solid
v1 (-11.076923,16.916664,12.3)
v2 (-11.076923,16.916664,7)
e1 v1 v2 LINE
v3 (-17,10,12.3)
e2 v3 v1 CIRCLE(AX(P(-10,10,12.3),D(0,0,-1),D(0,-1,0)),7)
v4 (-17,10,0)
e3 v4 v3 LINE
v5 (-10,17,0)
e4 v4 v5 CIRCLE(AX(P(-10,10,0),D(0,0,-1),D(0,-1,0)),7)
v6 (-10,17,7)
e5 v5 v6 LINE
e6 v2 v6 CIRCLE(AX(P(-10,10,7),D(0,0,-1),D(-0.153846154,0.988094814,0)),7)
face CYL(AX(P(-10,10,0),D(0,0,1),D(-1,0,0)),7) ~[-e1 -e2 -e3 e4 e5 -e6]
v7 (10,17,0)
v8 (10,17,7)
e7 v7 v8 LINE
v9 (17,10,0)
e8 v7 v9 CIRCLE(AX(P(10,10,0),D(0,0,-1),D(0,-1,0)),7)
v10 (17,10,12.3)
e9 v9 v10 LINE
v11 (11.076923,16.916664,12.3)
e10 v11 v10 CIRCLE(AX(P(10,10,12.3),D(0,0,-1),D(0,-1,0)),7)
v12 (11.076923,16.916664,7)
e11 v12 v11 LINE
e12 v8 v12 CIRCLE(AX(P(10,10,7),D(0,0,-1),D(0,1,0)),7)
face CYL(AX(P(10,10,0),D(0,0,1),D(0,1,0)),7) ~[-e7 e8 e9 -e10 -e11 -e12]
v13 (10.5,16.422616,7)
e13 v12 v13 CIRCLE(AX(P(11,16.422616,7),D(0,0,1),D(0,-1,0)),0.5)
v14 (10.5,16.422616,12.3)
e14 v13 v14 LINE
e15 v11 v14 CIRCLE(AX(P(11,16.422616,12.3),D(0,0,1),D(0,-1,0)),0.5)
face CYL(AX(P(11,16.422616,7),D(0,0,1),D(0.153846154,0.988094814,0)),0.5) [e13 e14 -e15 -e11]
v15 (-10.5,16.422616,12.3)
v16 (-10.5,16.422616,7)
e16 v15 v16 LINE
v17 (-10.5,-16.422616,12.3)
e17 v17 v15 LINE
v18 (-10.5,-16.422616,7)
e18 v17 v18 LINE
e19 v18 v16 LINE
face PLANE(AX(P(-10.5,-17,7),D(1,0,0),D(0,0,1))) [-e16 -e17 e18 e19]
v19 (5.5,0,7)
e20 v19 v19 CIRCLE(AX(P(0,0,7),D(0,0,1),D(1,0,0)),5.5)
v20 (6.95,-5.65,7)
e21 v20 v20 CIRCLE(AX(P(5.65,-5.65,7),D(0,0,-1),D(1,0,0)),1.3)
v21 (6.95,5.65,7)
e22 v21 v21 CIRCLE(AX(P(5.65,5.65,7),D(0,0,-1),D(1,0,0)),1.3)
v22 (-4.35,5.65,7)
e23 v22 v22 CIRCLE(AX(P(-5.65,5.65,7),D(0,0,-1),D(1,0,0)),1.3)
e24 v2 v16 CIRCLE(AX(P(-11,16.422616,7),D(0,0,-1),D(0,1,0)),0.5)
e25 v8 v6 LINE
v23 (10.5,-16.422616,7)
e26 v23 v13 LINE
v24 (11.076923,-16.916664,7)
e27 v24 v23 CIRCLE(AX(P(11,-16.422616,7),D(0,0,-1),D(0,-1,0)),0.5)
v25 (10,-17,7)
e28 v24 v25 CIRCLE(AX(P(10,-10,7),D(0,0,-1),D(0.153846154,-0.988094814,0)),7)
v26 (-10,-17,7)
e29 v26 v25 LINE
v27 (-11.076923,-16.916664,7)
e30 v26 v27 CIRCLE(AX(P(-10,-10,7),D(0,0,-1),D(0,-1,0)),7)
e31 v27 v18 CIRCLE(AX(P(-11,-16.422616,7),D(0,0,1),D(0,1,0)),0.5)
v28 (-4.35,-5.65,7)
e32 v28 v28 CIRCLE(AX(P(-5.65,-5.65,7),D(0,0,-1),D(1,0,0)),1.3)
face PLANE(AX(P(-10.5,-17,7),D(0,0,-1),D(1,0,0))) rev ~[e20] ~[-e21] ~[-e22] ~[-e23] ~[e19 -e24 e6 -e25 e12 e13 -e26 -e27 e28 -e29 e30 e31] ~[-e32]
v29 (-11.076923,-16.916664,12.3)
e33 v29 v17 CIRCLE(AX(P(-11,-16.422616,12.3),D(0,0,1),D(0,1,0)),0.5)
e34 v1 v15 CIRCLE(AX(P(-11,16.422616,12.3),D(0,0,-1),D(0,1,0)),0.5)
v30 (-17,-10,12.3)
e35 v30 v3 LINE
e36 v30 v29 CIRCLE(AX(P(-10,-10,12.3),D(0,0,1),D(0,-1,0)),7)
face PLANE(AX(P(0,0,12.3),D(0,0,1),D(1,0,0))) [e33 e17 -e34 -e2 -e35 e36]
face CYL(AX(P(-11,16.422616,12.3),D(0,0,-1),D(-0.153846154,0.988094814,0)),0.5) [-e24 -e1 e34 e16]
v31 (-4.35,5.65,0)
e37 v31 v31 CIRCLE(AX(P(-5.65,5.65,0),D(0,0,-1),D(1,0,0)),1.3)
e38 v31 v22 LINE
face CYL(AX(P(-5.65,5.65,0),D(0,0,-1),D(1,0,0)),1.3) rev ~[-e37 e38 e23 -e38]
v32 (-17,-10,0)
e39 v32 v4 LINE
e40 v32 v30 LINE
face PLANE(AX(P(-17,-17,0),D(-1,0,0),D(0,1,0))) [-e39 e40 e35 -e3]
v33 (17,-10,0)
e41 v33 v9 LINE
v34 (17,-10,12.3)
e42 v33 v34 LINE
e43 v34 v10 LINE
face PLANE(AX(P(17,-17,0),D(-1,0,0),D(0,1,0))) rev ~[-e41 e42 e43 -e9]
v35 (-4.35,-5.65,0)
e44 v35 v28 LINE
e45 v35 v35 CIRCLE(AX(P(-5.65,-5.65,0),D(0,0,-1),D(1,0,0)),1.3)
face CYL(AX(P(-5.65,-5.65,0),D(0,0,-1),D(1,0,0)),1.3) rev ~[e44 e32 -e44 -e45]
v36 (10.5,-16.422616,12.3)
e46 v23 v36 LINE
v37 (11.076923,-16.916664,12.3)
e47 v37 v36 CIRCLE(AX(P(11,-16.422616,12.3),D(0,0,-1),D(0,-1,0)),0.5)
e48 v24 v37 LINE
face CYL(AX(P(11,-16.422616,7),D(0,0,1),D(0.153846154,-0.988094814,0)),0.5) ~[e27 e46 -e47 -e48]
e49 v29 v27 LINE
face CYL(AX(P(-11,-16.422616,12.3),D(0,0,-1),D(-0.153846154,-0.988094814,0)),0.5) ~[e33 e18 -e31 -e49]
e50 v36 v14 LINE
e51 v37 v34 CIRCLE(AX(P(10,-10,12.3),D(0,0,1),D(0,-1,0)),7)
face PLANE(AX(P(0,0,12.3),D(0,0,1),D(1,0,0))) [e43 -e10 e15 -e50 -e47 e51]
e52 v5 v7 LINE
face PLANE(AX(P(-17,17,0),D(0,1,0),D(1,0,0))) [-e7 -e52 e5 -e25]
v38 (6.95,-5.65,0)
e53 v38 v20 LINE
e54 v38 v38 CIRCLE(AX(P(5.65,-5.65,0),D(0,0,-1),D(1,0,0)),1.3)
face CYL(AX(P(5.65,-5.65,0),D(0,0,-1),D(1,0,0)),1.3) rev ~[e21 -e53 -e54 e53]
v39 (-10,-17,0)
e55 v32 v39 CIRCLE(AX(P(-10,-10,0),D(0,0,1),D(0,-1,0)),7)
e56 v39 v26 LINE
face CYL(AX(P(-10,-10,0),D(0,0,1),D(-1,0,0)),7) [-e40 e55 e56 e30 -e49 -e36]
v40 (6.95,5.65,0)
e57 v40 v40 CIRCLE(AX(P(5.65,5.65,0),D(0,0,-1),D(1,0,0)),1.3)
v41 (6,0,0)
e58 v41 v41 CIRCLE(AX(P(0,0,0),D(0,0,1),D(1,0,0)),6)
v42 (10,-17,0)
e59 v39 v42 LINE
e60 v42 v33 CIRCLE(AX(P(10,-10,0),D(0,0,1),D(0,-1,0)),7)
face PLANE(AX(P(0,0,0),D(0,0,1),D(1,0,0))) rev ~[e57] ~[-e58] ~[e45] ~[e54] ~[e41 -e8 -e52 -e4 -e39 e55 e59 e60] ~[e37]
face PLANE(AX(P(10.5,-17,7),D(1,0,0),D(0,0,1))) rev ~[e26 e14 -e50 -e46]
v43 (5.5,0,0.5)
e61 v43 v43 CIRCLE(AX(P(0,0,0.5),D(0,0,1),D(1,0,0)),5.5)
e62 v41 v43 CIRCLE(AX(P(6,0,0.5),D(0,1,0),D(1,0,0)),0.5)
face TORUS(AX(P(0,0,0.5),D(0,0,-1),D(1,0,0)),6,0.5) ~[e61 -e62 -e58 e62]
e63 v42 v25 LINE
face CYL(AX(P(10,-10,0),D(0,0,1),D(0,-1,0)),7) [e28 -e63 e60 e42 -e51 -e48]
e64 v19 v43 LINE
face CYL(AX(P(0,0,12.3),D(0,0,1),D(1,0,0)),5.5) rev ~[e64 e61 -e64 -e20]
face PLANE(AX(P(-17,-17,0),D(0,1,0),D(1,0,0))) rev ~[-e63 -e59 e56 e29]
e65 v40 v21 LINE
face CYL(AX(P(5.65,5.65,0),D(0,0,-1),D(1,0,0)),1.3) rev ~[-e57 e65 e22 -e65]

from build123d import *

# Parameters (mm, degrees)
F0_W     = 34
F0_H     = 34
F1_DEPTH = 12.3
F2_R     = 5.5
F3_DEPTH = 12.301
F4_R     = 1.3
F5_DEPTH = 12.301
F6_W     = 21
F6_H     = 5.3
F7_DEPTH = 34.001
F8_R     = 7
F9_R     = 0.5


with BuildPart() as f1:
    # F0 (on Top) → F1 (new body)
    with BuildSketch(Plane.XY):
        Rectangle(F0_W, F0_H)
    extrude(amount=F1_DEPTH)

    # F2 (on face) → F3 (cut, through all)
    with BuildSketch(Plane.XY.offset(12.3)):
        Circle(F2_R)
    extrude(amount=-F3_DEPTH, mode=Mode.SUBTRACT)

    # F4 (on face) → F5 (cut, through all)
    with BuildSketch(Plane(origin=(0, 0, 0), x_dir=(1, 0, 0), z_dir=(0, 0, -1))):
        with Locations((-5.65, 5.65)):
            Circle(F4_R)
        with Locations((-5.65, -5.65)):
            Circle(F4_R)
        with Locations((5.65, 5.65)):
            Circle(F4_R)
        with Locations((5.65, -5.65)):
            Circle(F4_R)
    extrude(amount=-F5_DEPTH, mode=Mode.SUBTRACT)

    # F6 (on face) → F7 (cut, through all)
    with BuildSketch(Plane.XZ.offset(17)):
        with Locations((0, 9.65)):
            Rectangle(F6_W, F6_H)
    extrude(amount=-F7_DEPTH, mode=Mode.SUBTRACT)

    # F8
    f8_edges = [f1.edges().sort_by_distance(p)[0] for p in [
        (-17, -17, 6.15),
        (17, -17, 6.15),
        (17, 17, 6.15),
        (-17, 17, 6.15),
    ]]
    fillet(f8_edges, radius=F8_R)

    # F9
    f9_edges = [f1.edges().sort_by_distance(p)[0] for p in [
        (-5.5, 0, 0),
        (-10.5, 16.98212, 9.65),
        (-10.5, -16.98212, 9.65),
        (10.5, -16.98212, 9.65),
        (10.5, 16.98212, 9.65),
    ]]
    fillet(f9_edges, radius=F9_R)


solid = f1.part
